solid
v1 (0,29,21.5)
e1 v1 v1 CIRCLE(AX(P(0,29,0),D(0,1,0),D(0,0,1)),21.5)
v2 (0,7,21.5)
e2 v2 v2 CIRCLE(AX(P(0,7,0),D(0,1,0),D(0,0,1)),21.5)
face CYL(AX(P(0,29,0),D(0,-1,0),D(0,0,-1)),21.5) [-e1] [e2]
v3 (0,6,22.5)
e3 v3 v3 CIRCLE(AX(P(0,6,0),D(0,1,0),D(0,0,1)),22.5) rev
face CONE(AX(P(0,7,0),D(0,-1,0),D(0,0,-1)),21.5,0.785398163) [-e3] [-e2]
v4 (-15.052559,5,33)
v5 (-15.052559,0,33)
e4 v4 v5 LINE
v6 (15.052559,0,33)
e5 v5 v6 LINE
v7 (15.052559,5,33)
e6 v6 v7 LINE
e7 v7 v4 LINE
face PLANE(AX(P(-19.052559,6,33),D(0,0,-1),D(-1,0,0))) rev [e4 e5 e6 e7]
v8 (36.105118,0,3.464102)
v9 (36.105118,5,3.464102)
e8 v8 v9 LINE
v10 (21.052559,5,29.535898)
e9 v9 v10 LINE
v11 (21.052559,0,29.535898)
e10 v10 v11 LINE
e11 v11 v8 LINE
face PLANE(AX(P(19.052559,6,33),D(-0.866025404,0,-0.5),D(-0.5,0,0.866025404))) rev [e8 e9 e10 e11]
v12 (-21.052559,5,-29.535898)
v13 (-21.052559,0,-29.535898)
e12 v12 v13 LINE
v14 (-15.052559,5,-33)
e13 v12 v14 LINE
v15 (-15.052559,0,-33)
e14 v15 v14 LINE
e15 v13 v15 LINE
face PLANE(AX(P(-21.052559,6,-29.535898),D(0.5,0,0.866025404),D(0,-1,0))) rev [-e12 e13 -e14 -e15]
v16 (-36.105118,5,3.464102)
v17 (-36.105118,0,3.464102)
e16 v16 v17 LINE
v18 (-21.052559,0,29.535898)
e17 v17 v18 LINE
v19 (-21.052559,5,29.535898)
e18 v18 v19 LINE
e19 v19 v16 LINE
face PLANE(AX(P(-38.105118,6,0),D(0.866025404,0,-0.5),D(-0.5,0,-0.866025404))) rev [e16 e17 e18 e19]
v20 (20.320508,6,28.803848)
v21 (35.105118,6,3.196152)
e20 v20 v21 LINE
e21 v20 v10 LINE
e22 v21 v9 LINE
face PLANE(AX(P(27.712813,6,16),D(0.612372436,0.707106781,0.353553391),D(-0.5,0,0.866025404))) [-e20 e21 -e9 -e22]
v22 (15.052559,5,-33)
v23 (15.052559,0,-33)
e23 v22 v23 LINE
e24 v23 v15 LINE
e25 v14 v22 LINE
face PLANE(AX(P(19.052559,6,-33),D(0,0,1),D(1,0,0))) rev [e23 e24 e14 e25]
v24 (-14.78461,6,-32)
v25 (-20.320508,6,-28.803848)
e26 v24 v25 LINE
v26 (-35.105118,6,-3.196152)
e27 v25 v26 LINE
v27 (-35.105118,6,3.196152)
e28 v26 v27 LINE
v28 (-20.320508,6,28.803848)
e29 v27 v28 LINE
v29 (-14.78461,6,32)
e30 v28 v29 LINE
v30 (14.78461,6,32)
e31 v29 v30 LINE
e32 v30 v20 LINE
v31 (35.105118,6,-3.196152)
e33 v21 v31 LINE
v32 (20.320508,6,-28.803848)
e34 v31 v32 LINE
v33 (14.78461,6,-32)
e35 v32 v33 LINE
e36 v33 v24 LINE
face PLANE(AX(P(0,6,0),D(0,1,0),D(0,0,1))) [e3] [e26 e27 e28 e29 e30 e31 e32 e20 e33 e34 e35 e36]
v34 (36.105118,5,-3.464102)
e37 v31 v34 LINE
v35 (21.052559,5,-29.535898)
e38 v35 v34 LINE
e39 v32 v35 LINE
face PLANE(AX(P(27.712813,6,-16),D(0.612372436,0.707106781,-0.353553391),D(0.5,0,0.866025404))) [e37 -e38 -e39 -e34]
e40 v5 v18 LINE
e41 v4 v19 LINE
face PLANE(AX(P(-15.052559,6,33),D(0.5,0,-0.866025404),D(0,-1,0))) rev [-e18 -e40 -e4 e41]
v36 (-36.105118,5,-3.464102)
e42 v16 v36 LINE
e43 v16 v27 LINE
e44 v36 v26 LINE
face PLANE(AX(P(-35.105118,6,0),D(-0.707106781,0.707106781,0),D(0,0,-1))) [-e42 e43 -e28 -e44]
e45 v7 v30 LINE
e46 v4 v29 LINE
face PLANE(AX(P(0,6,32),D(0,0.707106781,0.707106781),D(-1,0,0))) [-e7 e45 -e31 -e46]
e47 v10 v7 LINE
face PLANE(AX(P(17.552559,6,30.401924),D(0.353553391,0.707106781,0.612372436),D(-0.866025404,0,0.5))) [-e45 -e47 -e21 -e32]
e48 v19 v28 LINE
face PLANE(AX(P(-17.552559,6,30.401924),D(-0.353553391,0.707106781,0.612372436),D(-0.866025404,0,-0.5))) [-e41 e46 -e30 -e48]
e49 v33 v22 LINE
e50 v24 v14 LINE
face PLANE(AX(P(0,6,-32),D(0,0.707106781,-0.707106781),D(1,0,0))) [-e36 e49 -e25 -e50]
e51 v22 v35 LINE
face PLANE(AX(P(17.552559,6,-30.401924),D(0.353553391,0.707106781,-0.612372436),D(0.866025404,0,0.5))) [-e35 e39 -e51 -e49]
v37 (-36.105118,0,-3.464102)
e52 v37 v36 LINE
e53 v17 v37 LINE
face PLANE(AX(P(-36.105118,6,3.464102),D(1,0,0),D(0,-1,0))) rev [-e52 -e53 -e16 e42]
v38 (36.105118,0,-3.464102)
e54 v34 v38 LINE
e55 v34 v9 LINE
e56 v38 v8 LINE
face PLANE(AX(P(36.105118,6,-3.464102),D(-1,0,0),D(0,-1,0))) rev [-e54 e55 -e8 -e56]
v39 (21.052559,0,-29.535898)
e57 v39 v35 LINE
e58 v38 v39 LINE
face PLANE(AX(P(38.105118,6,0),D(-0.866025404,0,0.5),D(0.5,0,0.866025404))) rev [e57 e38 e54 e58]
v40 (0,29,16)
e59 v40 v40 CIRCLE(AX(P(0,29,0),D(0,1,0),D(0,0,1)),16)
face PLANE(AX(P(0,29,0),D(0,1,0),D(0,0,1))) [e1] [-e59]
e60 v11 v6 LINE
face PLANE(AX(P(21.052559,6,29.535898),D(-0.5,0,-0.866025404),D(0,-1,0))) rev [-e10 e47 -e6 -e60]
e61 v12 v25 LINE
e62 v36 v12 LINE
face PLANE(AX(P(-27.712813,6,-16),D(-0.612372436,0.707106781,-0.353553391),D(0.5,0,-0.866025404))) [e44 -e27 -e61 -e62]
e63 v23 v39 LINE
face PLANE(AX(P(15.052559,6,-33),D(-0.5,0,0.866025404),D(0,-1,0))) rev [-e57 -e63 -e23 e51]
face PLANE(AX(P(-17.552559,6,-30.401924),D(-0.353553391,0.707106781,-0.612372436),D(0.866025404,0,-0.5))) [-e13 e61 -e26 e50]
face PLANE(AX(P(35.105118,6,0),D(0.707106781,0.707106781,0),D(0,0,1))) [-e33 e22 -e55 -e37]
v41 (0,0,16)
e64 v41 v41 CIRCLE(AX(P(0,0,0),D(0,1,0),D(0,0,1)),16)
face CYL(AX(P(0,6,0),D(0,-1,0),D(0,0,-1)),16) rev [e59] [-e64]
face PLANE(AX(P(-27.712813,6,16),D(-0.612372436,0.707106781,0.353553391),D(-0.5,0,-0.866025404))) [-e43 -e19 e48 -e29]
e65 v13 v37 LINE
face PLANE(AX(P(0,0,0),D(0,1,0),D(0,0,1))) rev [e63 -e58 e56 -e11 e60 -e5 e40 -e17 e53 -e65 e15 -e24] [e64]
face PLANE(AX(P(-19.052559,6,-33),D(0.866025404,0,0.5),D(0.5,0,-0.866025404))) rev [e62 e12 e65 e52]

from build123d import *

# Parameters (mm, degrees)
SKETCH1_R           = 16
BOSS_EXTRUDE1_DEPTH = 6
SKETCH2_R           = 21.5
SKETCH2_R_2         = 16
BOSS_EXTRUDE2_DEPTH = 23
CHAMFER1_SIZE       = 4
CHAMFER3_SIZE       = 1


with BuildPart() as part:
    # Sketch1 → Boss-Extrude1 (new body)
    with BuildSketch(Plane(origin=(0, 0, 0), x_dir=(1, 0, 0), z_dir=(0, 1, 0))):
        Polygon((38.105117767, 0), (19.052558883, 33), (-19.052558883, 33), (-38.105117767, 0), (-19.052558883, -33), (19.052558883, -33), align=None)
        with Locations(Location((0, 0, 0), (0, 0, 270))):
            Circle(SKETCH1_R, mode=Mode.SUBTRACT)
    extrude(amount=BOSS_EXTRUDE1_DEPTH)

    # Sketch2 → Boss-Extrude2 (add)
    with BuildSketch(Plane(origin=(0, 6, 0), x_dir=(1, 0, 0), z_dir=(0, 1, 0))):
        with Locations(Location((0, 0, 0), (0, 0, 270))):
            Circle(SKETCH2_R)
        with Locations(Location((0, 0, 0), (0, 0, 270))):
            Circle(SKETCH2_R_2, mode=Mode.SUBTRACT)
    extrude(amount=BOSS_EXTRUDE2_DEPTH)

    # Chamfer1
    chamfer1_edges = [part.edges().sort_by_distance(p)[0] for p in [
        (19.052558883, 3, 33),
        (-19.052558883, 3, 33),
        (-38.105117767, 3, 0),
        (-19.052558883, 3, -33),
        (19.052558883, 3, -33),
        (38.105117767, 3, 0),
    ]]
    chamfer(chamfer1_edges, length=CHAMFER1_SIZE)

    # Chamfer3
    chamfer3_edges = [part.edges().sort_by_distance(p)[0] for p in [
        (0, 6, -21.5),
        (-28.578838325, 6, 16.5),
        (-28.578838325, 6, -16.5),
        (28.578838325, 6, 16.5),
        (28.578838325, 6, -16.5),
        (0, 6, -33),
        (0, 6, 33),
        (-18.052558883, 6, -31.267949192),
        (18.052558883, 6, -31.267949192),
        (36.105117767, 6, 0),
        (18.052558883, 6, 31.267949192),
        (-18.052558883, 6, 31.267949192),
        (-36.105117767, 6, 0),
    ]]
    chamfer(chamfer3_edges, length=CHAMFER3_SIZE)


solid = part.part
